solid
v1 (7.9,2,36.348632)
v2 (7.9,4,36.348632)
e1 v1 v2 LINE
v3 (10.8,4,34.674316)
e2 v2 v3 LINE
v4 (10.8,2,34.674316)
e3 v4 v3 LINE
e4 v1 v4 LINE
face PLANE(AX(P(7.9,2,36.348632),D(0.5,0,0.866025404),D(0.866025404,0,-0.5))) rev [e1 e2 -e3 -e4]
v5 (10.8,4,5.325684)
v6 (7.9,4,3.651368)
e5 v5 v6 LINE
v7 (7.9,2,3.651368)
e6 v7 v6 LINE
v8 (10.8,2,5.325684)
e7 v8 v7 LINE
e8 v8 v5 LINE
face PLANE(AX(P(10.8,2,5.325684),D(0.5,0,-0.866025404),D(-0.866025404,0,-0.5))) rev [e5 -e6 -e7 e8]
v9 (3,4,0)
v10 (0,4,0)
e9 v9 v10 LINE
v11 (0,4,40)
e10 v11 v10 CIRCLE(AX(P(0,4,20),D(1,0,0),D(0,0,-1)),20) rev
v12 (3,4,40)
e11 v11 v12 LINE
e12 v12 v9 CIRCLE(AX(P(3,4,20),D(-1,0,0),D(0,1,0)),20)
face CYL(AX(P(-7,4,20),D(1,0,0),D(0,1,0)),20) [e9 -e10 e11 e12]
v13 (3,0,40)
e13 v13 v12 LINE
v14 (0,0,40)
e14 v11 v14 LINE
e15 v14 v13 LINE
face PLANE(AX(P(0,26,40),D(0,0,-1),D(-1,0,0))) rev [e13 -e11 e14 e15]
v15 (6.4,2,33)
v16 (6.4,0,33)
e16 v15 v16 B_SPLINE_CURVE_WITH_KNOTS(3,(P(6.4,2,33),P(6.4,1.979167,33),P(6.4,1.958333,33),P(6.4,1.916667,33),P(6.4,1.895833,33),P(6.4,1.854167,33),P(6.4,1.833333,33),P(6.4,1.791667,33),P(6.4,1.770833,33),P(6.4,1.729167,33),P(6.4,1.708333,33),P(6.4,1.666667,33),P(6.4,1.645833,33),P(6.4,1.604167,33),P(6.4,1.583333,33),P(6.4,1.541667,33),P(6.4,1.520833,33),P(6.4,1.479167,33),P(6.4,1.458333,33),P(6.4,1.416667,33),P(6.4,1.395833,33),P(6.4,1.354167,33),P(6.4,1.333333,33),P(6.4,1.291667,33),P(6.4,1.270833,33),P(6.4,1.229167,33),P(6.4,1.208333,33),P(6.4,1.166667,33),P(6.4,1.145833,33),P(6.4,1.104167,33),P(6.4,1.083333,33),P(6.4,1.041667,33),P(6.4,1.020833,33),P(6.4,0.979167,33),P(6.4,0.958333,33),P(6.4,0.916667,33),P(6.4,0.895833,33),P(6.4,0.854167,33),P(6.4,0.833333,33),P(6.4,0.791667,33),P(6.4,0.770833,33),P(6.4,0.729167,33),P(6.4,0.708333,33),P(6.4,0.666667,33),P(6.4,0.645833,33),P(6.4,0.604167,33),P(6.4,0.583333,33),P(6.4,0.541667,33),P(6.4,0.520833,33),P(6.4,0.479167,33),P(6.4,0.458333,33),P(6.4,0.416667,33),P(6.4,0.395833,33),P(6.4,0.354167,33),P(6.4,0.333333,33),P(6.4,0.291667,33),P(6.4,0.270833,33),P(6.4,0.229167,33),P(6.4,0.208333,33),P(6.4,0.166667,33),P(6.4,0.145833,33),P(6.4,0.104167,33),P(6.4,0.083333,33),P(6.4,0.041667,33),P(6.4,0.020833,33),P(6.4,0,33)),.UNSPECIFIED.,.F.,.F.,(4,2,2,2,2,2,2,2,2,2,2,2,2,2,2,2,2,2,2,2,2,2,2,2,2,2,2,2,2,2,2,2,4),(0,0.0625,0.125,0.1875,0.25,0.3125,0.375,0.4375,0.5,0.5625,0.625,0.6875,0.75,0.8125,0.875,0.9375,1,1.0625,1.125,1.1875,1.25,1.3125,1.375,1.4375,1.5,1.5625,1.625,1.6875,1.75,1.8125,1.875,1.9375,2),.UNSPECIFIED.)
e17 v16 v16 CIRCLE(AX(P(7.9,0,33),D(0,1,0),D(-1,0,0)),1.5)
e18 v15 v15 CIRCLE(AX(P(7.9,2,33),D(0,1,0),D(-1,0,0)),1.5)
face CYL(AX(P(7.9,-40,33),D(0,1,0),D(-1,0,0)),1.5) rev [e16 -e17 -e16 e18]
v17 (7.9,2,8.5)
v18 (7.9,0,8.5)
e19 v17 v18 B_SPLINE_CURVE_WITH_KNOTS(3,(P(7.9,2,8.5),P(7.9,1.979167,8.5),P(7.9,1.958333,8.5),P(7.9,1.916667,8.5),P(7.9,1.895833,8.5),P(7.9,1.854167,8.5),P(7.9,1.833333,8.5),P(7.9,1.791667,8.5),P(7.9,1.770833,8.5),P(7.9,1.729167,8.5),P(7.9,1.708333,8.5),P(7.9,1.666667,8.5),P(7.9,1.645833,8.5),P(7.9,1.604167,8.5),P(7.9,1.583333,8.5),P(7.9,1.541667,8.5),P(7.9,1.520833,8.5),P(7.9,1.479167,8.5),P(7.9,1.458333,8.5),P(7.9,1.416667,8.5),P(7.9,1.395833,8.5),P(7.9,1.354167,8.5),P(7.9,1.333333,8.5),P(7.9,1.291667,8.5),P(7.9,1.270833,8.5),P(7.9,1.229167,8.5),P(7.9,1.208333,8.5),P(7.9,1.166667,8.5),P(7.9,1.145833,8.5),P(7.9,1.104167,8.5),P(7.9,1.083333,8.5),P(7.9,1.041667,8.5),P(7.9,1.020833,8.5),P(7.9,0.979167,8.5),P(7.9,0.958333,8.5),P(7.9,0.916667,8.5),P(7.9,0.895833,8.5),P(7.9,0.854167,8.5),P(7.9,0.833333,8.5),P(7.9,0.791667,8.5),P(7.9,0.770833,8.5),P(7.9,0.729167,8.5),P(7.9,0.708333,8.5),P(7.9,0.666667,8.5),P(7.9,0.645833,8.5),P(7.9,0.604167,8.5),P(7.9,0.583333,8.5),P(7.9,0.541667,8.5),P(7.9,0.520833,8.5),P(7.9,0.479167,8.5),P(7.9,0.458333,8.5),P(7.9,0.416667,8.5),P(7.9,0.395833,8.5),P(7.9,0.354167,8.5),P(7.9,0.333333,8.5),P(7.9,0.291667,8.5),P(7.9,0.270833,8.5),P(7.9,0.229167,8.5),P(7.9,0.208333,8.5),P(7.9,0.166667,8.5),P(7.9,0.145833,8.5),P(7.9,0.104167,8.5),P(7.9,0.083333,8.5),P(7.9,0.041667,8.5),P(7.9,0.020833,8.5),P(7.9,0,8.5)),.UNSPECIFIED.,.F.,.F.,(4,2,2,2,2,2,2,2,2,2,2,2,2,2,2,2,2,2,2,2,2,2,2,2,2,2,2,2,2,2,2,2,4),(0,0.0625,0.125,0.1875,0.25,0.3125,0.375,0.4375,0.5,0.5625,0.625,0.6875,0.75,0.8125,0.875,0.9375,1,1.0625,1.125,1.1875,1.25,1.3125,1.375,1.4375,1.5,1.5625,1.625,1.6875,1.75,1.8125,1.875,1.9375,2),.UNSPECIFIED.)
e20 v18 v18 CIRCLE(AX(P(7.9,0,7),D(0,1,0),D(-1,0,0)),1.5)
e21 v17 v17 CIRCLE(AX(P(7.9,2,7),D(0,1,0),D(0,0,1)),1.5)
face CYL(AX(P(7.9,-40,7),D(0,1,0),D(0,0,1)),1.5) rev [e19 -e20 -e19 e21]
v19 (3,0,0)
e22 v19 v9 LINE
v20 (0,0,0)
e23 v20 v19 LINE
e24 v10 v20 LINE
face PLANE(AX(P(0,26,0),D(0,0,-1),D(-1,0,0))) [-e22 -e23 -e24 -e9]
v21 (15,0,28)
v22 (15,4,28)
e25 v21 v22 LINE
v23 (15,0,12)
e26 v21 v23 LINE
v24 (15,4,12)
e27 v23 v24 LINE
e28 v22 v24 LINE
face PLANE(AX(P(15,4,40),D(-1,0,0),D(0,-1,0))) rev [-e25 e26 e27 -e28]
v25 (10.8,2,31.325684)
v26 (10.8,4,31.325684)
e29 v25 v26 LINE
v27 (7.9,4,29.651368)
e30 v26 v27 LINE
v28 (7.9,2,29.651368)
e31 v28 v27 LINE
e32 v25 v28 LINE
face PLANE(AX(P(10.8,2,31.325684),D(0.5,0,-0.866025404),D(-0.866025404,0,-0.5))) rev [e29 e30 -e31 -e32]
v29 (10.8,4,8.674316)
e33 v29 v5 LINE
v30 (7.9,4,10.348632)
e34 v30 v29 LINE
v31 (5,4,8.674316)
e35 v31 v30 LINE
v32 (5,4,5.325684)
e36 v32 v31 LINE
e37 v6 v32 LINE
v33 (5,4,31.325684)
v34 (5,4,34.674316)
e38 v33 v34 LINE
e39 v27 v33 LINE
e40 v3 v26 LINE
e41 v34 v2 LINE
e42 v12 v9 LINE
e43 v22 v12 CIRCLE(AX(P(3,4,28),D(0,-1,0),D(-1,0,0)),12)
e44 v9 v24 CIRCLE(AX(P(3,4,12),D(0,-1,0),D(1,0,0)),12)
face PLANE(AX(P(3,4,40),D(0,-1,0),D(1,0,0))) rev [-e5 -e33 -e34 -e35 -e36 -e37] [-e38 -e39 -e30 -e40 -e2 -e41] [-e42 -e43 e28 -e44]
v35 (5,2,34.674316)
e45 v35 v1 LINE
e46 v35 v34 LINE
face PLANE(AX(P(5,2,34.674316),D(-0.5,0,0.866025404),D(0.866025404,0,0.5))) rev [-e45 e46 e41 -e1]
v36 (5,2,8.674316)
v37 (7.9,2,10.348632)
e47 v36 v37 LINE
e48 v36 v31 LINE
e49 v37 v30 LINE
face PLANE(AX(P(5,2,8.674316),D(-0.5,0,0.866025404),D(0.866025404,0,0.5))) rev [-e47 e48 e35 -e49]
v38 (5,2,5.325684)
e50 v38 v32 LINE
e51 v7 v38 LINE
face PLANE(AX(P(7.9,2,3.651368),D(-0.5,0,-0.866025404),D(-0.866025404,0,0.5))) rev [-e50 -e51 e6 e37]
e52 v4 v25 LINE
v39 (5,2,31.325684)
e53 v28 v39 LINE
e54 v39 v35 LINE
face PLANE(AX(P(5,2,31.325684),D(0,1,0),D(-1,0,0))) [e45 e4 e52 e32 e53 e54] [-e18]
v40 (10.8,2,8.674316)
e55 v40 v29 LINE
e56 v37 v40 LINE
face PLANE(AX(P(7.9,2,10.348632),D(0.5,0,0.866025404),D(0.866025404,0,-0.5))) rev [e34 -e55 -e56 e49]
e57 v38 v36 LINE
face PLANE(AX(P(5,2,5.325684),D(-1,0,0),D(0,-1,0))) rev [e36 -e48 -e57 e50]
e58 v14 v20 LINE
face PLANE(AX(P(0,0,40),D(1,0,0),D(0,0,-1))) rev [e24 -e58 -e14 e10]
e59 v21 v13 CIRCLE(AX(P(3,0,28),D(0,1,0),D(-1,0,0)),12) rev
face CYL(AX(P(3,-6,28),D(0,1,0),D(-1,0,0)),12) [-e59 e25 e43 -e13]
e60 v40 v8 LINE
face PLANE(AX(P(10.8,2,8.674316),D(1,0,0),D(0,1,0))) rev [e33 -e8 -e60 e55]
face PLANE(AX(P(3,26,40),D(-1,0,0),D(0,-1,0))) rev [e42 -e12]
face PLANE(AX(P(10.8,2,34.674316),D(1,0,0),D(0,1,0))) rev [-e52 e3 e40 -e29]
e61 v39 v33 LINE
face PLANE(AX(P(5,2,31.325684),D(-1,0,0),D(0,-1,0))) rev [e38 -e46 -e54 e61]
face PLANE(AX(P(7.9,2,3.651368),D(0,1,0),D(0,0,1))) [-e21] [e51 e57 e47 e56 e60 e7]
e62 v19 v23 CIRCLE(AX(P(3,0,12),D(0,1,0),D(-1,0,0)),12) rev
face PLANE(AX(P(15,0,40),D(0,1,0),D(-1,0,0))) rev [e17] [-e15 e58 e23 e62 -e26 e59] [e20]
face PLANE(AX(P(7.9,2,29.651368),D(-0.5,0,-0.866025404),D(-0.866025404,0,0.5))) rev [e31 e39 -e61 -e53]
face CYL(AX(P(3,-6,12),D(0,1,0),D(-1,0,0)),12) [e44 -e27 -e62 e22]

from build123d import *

# Parameters (mm, degrees)
SALIENTE_EXTRUIR1_DEPTH = 40
CORTAR_EXTRUIR4_DEPTH   = 10
CORTAR_EXTRUIR5_DEPTH   = 10
CORTAR_EXTRUIR6_DEPTH   = 2
CROQUIS8_R              = 1.5
CORTAR_EXTRUIR7_DEPTH   = 42
CROQUIS9_R              = 1.5
CORTAR_EXTRUIR8_DEPTH   = 42


with BuildPart() as part:
    # Croquis2 → Saliente-Extruir1 (new body)
    with BuildSketch(Plane.XY):
        Polygon((0, 26), (3, 26), (3, 4), (15, 4), (15, 0), (0, 0), align=None)
    extrude(amount=SALIENTE_EXTRUIR1_DEPTH)

    # Croquis6 → Cortar-Extruir4 (cut)
    with BuildSketch(Plane(origin=(3, 0, 0), x_dir=(0, 0, -1), z_dir=(1, 0, 0))):
        with BuildLine():
            Line((-40, 4), (-43.463242579, 10.305944429))
            Line((-43.463242579, 10.305944429), (-46.103119836, 28.990848346))
            Line((-46.103119836, 28.990848346), (-47.186653475, 36.660038985))
            Line((-47.186653475, 36.660038985), (8.796856155, 26.447825939))
            Line((8.796856155, 26.447825939), (6.381141064, 12.03440645))
            Line((6.381141064, 12.03440645), (0, 4))
            ThreePointArc((0, 4), (-20, 24), (-40, 4))
        make_face()
    extrude(amount=-CORTAR_EXTRUIR4_DEPTH, mode=Mode.SUBTRACT)

    # Croquis5 → Cortar-Extruir5 (cut)
    with BuildSketch(Plane(origin=(0, 4, 0), x_dir=(1, 0, 0), z_dir=(0, 1, 0))):
        with BuildLine():
            Line((15, -12), (15, -28))
            ThreePointArc((15, -28), (11.485281374, -36.485281374), (3, -40))
            Line((3, -40), (17.00840725, -44.81222058))
            Line((17.00840725, -44.81222058), (27.206798155, -5.039954665))
            Line((27.206798155, -5.039954665), (15.87267332, 7.755192399))
            Line((15.87267332, 7.755192399), (3, 0))
            ThreePointArc((3, 0), (11.485281374, -3.514718626), (15, -12))
        make_face()
    extrude(amount=-CORTAR_EXTRUIR5_DEPTH, mode=Mode.SUBTRACT)

    # Croquis7 → Cortar-Extruir6 (cut)
    with BuildSketch(Plane(origin=(0, 4, 0), x_dir=(1, 0, 0), z_dir=(0, 1, 0))):
        Polygon((7.9, -3.651368439), (5, -5.325684219), (5, -8.674315781), (7.9, -10.348631561), (10.8, -8.674315781), (10.8, -5.325684219), align=None)
        Polygon((5, -31.325684219), (5, -34.674315781), (7.9, -36.348631561), (10.8, -34.674315781), (10.8, -31.325684219), (7.9, -29.651368439), align=None)
    extrude(amount=-CORTAR_EXTRUIR6_DEPTH, mode=Mode.SUBTRACT)

    # Croquis8 → Cortar-Extruir7 (cut)
    with BuildSketch(Plane(origin=(0, 2, 0), x_dir=(1, 0, 0), z_dir=(0, 1, 0))):
        with Locations(Location((7.9, -7, 0), (0, 0, 270))):
            Circle(CROQUIS8_R)
    extrude(amount=-CORTAR_EXTRUIR7_DEPTH, mode=Mode.SUBTRACT)

    # Croquis9 → Cortar-Extruir8 (cut)
    with BuildSketch(Plane(origin=(0, 2, 0), x_dir=(1, 0, 0), z_dir=(0, 1, 0))):
        with Locations(Location((7.9, -33, 0), (0, 0, 180))):
            Circle(CROQUIS9_R)
    extrude(amount=-CORTAR_EXTRUIR8_DEPTH, mode=Mode.SUBTRACT)


solid = part.part
